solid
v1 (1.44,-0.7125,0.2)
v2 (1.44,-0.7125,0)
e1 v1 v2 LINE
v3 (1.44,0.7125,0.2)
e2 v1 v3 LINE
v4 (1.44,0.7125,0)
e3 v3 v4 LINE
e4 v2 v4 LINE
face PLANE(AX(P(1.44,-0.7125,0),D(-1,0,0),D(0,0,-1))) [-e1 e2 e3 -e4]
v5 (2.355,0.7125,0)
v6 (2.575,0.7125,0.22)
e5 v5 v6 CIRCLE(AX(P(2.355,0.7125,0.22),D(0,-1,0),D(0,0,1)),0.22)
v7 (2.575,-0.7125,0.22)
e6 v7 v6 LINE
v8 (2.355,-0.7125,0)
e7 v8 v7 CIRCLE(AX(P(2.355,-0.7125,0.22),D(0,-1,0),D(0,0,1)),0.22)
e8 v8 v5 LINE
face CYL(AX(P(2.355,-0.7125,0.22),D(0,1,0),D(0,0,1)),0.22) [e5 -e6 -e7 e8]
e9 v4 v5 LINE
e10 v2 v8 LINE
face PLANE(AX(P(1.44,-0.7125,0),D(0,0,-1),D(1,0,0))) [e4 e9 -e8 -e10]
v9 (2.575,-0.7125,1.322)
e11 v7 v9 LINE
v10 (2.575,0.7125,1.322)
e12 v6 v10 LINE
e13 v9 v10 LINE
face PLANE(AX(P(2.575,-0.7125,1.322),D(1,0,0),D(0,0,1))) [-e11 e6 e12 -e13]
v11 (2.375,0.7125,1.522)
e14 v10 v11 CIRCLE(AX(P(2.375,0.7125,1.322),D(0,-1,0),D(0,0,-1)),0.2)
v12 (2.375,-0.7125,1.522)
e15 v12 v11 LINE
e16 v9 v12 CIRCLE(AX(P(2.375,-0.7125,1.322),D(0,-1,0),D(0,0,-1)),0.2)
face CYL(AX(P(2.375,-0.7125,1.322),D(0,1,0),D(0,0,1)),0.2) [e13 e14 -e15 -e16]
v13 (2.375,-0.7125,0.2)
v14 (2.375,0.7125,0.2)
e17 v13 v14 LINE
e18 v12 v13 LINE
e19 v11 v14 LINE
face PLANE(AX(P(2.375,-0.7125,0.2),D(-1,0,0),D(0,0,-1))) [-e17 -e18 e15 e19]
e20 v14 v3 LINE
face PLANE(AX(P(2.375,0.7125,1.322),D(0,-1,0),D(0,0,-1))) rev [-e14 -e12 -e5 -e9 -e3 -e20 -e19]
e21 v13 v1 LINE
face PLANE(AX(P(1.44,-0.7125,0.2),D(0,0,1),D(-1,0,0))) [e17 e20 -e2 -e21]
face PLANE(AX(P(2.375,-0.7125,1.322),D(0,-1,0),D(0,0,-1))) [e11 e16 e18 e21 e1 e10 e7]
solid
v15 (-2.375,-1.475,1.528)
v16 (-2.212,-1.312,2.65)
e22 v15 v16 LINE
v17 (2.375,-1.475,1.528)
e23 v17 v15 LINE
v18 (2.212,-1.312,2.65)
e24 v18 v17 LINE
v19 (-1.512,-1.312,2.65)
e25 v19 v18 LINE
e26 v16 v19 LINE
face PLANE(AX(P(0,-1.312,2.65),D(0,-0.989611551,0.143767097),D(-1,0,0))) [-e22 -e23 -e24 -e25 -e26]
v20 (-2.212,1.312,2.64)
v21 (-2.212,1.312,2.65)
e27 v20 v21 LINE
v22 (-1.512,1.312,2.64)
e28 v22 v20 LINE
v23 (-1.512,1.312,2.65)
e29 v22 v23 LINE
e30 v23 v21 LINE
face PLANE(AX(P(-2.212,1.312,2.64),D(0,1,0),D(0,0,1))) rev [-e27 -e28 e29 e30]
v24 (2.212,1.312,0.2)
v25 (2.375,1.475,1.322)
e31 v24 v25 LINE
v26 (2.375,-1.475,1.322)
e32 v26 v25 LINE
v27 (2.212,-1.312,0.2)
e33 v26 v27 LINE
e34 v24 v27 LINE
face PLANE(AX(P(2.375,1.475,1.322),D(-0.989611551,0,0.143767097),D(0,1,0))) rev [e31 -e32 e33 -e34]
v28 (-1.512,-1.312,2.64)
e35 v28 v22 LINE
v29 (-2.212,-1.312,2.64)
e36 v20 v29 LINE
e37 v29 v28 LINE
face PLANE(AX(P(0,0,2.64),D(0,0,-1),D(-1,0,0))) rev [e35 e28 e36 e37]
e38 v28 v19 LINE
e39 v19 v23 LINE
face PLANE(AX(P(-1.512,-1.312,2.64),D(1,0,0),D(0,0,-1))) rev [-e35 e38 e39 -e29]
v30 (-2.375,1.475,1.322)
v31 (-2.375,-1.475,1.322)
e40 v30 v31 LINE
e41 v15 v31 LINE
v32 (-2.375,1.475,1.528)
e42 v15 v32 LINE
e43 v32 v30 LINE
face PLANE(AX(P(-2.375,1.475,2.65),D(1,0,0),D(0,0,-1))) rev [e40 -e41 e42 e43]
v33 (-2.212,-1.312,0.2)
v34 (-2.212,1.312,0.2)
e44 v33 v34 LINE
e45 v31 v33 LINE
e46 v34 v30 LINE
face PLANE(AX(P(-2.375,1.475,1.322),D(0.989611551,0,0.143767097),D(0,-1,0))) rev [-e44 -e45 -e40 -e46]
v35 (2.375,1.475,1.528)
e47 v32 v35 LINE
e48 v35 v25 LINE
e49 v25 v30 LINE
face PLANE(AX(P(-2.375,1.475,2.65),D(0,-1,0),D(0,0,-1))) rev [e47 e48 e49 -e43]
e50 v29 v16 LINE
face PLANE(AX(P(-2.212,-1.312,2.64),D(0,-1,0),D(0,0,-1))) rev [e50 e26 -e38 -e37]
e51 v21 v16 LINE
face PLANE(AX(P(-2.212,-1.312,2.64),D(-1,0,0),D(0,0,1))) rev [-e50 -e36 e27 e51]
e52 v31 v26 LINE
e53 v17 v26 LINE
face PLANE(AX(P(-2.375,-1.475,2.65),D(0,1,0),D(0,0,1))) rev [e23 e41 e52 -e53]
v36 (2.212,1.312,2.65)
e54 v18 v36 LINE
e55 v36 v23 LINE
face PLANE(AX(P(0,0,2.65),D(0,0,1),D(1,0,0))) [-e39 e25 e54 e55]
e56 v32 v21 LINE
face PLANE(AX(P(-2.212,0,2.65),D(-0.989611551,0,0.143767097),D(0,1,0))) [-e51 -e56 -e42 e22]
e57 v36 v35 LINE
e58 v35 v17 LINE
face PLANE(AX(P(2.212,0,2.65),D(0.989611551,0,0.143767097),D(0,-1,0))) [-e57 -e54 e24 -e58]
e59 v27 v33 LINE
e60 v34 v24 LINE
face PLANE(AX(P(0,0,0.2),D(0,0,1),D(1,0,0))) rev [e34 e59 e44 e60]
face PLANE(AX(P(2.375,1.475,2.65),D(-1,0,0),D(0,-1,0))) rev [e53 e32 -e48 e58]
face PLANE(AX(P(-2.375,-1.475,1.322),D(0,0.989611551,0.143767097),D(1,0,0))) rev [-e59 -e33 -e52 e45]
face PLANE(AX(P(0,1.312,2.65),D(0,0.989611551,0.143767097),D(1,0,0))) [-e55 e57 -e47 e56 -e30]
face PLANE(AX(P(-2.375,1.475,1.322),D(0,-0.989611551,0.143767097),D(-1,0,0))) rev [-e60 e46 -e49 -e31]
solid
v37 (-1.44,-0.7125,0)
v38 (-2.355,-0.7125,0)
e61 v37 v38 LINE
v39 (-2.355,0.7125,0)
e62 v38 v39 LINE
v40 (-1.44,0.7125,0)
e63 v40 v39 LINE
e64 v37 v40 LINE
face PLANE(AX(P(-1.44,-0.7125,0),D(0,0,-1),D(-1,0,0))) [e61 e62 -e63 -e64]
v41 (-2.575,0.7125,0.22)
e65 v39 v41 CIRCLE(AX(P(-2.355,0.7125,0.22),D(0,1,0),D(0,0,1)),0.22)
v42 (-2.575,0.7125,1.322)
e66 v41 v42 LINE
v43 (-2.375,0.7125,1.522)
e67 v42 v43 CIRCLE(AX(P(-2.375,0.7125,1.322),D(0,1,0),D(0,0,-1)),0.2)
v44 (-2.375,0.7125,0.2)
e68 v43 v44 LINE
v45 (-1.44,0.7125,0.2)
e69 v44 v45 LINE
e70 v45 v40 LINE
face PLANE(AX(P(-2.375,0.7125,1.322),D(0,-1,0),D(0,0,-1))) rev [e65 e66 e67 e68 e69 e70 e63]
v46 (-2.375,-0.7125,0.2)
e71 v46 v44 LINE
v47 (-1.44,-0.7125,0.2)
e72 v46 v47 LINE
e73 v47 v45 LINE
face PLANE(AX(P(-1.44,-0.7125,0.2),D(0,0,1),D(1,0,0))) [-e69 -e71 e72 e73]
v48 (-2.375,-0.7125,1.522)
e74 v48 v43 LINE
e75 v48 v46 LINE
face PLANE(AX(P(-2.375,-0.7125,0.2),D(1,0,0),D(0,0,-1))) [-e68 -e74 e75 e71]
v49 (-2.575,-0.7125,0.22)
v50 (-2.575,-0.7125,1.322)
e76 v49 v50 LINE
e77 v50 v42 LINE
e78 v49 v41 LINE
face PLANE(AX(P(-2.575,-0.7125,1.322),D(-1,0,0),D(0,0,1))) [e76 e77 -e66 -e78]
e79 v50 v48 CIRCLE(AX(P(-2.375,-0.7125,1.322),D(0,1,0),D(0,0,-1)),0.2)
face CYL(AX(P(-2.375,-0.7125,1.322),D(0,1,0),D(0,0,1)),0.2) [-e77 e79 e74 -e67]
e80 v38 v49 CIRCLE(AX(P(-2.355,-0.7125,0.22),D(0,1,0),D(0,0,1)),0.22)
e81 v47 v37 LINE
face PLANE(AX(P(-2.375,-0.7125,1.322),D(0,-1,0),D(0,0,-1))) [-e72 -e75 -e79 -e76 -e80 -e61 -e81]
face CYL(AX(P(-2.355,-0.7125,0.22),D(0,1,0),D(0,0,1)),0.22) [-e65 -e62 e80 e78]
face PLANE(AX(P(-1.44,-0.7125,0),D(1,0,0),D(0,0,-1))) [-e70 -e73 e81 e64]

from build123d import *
from OCP.BRepFilletAPI import BRepFilletAPI_MakeChamfer

# Parameters (mm, degrees)
SKETCH_1_W           = 4.75
SKETCH_1_H           = 2.95
EXTRUDE_1_DEPTH      = 2.45
CHAMFER_1_SIZE       = 1.122
CHAMFER_1_SIZE2      = 0.163
CHAMFER_2_SIZE       = 0.163
CHAMFER_2_SIZE2      = 1.122
EXTRUDE_2_DEPTH      = 0.7125
EXTRUDE_2_DEPTH_BACK = 0.7125
SKETCH_3_W           = 0.7
SKETCH_3_H           = 2.624
CUT_EXTRUDE_1_DEPTH  = 0.01


with BuildPart() as part:
    # Эскиз1 → Бобышка-Вытянуть1 (new body)
    with BuildSketch(Plane.XY.offset(0.2)):
        Rectangle(SKETCH_1_W, SKETCH_1_H)
    extrude(amount=EXTRUDE_1_DEPTH)

    # Фаска1: one chamfer whose edges measure the first distance from different faces: ONE call of the kernel's chamfer builder (chamfer() names one face for all edges)
    chamfer_1_edges_1 = [part.edges().sort_by_distance(p)[0] for p in [
        (-2.375, 0, 2.65),
    ]]
    chamfer_1_side_1 = [part.faces().sort_by_distance(p)[0] for p in [
        (-2.375, 0, 1.425),
    ]]
    chamfer_1_edges_2 = [part.edges().sort_by_distance(p)[0] for p in [
        (0, -1.475, 2.65),
    ]]
    chamfer_1_side_2 = [part.faces().sort_by_distance(p)[0] for p in [
        (0, -1.475, 1.425),
    ]]
    chamfer_1_edges_3 = [part.edges().sort_by_distance(p)[0] for p in [
        (2.375, 0, 2.65),
    ]]
    chamfer_1_side_3 = [part.faces().sort_by_distance(p)[0] for p in [
        (2.375, 0, 1.425),
    ]]
    chamfer_1_edges_4 = [part.edges().sort_by_distance(p)[0] for p in [
        (0, 1.475, 2.65),
    ]]
    chamfer_1_side_4 = [part.faces().sort_by_distance(p)[0] for p in [
        (0, 1.475, 1.425),
    ]]
    chamfer_1 = BRepFilletAPI_MakeChamfer(part.part.solid().wrapped)
    for e in chamfer_1_edges_1:
        chamfer_1.Add(CHAMFER_1_SIZE, CHAMFER_1_SIZE2, e.wrapped, chamfer_1_side_1[0].wrapped)  # the first distance lies on this face
    for e in chamfer_1_edges_2:
        chamfer_1.Add(CHAMFER_1_SIZE, CHAMFER_1_SIZE2, e.wrapped, chamfer_1_side_2[0].wrapped)  # the first distance lies on this face
    for e in chamfer_1_edges_3:
        chamfer_1.Add(CHAMFER_1_SIZE, CHAMFER_1_SIZE2, e.wrapped, chamfer_1_side_3[0].wrapped)  # the first distance lies on this face
    for e in chamfer_1_edges_4:
        chamfer_1.Add(CHAMFER_1_SIZE, CHAMFER_1_SIZE2, e.wrapped, chamfer_1_side_4[0].wrapped)  # the first distance lies on this face
    add(Compound.cast(chamfer_1.Shape()), mode=Mode.REPLACE)

    # Фаска2
    chamfer_2_edges = [part.edges().sort_by_distance(p)[0] for p in [
        (0, -1.475, 0.2),
        (-2.375, 0, 0.2),
        (0, 1.475, 0.2),
        (2.375, 0, 0.2),
    ]]
    chamfer_2_side = [part.faces().sort_by_distance(p)[0] for p in [
        (0, 0, 0.2),
    ]]
    chamfer(chamfer_2_edges, length=CHAMFER_2_SIZE, length2=CHAMFER_2_SIZE2, reference=chamfer_2_side[0])

    # Эскиз3 → Вырез-Вытянуть1 (cut)
    with BuildSketch(Plane.XY.offset(2.65)):
        with Locations((-1.862, 0)):
            Rectangle(SKETCH_3_W, SKETCH_3_H)
    extrude(amount=-CUT_EXTRUDE_1_DEPTH, mode=Mode.SUBTRACT)


with BuildPart() as body_2:
    # Эскиз2 → Бобышка-Вытянуть2 (new, two sides: drawn at the far end of the back side and taken through both)
    with BuildSketch(Plane(origin=(0, 0, 0), x_dir=(1, 0, 0), z_dir=(0, 1, 0)).offset(-EXTRUDE_2_DEPTH_BACK)):
        with BuildLine():
            Line((-2.375, -0.2), (-2.375, -1.322))
            Line((-2.375, -1.322), (-2.375, -1.522))
            ThreePointArc((-2.375, -1.522), (-2.516421356, -1.463421356), (-2.575, -1.322))
            Line((-2.575, -1.322), (-2.575, -0.22))
            ThreePointArc((-2.575, -0.22), (-2.510563492, -0.064436508), (-2.355, 0))
            Line((-2.355, 0), (-1.44, 0))
            Line((-1.44, 0), (-1.44, -0.2))
            Line((-1.44, -0.2), (-2.375, -0.2))
        make_face()
    extrude(amount=EXTRUDE_2_DEPTH + EXTRUDE_2_DEPTH_BACK)


with BuildPart() as body_3:
    # Зеркальное отражение1: mirrored copy
    add(body_2.part.mirror(Plane(origin=(0, 0, 0), x_dir=(0, 0, 1), z_dir=(1, 0, 0))))


solid = Compound([part.part, body_2.part, body_3.part])
